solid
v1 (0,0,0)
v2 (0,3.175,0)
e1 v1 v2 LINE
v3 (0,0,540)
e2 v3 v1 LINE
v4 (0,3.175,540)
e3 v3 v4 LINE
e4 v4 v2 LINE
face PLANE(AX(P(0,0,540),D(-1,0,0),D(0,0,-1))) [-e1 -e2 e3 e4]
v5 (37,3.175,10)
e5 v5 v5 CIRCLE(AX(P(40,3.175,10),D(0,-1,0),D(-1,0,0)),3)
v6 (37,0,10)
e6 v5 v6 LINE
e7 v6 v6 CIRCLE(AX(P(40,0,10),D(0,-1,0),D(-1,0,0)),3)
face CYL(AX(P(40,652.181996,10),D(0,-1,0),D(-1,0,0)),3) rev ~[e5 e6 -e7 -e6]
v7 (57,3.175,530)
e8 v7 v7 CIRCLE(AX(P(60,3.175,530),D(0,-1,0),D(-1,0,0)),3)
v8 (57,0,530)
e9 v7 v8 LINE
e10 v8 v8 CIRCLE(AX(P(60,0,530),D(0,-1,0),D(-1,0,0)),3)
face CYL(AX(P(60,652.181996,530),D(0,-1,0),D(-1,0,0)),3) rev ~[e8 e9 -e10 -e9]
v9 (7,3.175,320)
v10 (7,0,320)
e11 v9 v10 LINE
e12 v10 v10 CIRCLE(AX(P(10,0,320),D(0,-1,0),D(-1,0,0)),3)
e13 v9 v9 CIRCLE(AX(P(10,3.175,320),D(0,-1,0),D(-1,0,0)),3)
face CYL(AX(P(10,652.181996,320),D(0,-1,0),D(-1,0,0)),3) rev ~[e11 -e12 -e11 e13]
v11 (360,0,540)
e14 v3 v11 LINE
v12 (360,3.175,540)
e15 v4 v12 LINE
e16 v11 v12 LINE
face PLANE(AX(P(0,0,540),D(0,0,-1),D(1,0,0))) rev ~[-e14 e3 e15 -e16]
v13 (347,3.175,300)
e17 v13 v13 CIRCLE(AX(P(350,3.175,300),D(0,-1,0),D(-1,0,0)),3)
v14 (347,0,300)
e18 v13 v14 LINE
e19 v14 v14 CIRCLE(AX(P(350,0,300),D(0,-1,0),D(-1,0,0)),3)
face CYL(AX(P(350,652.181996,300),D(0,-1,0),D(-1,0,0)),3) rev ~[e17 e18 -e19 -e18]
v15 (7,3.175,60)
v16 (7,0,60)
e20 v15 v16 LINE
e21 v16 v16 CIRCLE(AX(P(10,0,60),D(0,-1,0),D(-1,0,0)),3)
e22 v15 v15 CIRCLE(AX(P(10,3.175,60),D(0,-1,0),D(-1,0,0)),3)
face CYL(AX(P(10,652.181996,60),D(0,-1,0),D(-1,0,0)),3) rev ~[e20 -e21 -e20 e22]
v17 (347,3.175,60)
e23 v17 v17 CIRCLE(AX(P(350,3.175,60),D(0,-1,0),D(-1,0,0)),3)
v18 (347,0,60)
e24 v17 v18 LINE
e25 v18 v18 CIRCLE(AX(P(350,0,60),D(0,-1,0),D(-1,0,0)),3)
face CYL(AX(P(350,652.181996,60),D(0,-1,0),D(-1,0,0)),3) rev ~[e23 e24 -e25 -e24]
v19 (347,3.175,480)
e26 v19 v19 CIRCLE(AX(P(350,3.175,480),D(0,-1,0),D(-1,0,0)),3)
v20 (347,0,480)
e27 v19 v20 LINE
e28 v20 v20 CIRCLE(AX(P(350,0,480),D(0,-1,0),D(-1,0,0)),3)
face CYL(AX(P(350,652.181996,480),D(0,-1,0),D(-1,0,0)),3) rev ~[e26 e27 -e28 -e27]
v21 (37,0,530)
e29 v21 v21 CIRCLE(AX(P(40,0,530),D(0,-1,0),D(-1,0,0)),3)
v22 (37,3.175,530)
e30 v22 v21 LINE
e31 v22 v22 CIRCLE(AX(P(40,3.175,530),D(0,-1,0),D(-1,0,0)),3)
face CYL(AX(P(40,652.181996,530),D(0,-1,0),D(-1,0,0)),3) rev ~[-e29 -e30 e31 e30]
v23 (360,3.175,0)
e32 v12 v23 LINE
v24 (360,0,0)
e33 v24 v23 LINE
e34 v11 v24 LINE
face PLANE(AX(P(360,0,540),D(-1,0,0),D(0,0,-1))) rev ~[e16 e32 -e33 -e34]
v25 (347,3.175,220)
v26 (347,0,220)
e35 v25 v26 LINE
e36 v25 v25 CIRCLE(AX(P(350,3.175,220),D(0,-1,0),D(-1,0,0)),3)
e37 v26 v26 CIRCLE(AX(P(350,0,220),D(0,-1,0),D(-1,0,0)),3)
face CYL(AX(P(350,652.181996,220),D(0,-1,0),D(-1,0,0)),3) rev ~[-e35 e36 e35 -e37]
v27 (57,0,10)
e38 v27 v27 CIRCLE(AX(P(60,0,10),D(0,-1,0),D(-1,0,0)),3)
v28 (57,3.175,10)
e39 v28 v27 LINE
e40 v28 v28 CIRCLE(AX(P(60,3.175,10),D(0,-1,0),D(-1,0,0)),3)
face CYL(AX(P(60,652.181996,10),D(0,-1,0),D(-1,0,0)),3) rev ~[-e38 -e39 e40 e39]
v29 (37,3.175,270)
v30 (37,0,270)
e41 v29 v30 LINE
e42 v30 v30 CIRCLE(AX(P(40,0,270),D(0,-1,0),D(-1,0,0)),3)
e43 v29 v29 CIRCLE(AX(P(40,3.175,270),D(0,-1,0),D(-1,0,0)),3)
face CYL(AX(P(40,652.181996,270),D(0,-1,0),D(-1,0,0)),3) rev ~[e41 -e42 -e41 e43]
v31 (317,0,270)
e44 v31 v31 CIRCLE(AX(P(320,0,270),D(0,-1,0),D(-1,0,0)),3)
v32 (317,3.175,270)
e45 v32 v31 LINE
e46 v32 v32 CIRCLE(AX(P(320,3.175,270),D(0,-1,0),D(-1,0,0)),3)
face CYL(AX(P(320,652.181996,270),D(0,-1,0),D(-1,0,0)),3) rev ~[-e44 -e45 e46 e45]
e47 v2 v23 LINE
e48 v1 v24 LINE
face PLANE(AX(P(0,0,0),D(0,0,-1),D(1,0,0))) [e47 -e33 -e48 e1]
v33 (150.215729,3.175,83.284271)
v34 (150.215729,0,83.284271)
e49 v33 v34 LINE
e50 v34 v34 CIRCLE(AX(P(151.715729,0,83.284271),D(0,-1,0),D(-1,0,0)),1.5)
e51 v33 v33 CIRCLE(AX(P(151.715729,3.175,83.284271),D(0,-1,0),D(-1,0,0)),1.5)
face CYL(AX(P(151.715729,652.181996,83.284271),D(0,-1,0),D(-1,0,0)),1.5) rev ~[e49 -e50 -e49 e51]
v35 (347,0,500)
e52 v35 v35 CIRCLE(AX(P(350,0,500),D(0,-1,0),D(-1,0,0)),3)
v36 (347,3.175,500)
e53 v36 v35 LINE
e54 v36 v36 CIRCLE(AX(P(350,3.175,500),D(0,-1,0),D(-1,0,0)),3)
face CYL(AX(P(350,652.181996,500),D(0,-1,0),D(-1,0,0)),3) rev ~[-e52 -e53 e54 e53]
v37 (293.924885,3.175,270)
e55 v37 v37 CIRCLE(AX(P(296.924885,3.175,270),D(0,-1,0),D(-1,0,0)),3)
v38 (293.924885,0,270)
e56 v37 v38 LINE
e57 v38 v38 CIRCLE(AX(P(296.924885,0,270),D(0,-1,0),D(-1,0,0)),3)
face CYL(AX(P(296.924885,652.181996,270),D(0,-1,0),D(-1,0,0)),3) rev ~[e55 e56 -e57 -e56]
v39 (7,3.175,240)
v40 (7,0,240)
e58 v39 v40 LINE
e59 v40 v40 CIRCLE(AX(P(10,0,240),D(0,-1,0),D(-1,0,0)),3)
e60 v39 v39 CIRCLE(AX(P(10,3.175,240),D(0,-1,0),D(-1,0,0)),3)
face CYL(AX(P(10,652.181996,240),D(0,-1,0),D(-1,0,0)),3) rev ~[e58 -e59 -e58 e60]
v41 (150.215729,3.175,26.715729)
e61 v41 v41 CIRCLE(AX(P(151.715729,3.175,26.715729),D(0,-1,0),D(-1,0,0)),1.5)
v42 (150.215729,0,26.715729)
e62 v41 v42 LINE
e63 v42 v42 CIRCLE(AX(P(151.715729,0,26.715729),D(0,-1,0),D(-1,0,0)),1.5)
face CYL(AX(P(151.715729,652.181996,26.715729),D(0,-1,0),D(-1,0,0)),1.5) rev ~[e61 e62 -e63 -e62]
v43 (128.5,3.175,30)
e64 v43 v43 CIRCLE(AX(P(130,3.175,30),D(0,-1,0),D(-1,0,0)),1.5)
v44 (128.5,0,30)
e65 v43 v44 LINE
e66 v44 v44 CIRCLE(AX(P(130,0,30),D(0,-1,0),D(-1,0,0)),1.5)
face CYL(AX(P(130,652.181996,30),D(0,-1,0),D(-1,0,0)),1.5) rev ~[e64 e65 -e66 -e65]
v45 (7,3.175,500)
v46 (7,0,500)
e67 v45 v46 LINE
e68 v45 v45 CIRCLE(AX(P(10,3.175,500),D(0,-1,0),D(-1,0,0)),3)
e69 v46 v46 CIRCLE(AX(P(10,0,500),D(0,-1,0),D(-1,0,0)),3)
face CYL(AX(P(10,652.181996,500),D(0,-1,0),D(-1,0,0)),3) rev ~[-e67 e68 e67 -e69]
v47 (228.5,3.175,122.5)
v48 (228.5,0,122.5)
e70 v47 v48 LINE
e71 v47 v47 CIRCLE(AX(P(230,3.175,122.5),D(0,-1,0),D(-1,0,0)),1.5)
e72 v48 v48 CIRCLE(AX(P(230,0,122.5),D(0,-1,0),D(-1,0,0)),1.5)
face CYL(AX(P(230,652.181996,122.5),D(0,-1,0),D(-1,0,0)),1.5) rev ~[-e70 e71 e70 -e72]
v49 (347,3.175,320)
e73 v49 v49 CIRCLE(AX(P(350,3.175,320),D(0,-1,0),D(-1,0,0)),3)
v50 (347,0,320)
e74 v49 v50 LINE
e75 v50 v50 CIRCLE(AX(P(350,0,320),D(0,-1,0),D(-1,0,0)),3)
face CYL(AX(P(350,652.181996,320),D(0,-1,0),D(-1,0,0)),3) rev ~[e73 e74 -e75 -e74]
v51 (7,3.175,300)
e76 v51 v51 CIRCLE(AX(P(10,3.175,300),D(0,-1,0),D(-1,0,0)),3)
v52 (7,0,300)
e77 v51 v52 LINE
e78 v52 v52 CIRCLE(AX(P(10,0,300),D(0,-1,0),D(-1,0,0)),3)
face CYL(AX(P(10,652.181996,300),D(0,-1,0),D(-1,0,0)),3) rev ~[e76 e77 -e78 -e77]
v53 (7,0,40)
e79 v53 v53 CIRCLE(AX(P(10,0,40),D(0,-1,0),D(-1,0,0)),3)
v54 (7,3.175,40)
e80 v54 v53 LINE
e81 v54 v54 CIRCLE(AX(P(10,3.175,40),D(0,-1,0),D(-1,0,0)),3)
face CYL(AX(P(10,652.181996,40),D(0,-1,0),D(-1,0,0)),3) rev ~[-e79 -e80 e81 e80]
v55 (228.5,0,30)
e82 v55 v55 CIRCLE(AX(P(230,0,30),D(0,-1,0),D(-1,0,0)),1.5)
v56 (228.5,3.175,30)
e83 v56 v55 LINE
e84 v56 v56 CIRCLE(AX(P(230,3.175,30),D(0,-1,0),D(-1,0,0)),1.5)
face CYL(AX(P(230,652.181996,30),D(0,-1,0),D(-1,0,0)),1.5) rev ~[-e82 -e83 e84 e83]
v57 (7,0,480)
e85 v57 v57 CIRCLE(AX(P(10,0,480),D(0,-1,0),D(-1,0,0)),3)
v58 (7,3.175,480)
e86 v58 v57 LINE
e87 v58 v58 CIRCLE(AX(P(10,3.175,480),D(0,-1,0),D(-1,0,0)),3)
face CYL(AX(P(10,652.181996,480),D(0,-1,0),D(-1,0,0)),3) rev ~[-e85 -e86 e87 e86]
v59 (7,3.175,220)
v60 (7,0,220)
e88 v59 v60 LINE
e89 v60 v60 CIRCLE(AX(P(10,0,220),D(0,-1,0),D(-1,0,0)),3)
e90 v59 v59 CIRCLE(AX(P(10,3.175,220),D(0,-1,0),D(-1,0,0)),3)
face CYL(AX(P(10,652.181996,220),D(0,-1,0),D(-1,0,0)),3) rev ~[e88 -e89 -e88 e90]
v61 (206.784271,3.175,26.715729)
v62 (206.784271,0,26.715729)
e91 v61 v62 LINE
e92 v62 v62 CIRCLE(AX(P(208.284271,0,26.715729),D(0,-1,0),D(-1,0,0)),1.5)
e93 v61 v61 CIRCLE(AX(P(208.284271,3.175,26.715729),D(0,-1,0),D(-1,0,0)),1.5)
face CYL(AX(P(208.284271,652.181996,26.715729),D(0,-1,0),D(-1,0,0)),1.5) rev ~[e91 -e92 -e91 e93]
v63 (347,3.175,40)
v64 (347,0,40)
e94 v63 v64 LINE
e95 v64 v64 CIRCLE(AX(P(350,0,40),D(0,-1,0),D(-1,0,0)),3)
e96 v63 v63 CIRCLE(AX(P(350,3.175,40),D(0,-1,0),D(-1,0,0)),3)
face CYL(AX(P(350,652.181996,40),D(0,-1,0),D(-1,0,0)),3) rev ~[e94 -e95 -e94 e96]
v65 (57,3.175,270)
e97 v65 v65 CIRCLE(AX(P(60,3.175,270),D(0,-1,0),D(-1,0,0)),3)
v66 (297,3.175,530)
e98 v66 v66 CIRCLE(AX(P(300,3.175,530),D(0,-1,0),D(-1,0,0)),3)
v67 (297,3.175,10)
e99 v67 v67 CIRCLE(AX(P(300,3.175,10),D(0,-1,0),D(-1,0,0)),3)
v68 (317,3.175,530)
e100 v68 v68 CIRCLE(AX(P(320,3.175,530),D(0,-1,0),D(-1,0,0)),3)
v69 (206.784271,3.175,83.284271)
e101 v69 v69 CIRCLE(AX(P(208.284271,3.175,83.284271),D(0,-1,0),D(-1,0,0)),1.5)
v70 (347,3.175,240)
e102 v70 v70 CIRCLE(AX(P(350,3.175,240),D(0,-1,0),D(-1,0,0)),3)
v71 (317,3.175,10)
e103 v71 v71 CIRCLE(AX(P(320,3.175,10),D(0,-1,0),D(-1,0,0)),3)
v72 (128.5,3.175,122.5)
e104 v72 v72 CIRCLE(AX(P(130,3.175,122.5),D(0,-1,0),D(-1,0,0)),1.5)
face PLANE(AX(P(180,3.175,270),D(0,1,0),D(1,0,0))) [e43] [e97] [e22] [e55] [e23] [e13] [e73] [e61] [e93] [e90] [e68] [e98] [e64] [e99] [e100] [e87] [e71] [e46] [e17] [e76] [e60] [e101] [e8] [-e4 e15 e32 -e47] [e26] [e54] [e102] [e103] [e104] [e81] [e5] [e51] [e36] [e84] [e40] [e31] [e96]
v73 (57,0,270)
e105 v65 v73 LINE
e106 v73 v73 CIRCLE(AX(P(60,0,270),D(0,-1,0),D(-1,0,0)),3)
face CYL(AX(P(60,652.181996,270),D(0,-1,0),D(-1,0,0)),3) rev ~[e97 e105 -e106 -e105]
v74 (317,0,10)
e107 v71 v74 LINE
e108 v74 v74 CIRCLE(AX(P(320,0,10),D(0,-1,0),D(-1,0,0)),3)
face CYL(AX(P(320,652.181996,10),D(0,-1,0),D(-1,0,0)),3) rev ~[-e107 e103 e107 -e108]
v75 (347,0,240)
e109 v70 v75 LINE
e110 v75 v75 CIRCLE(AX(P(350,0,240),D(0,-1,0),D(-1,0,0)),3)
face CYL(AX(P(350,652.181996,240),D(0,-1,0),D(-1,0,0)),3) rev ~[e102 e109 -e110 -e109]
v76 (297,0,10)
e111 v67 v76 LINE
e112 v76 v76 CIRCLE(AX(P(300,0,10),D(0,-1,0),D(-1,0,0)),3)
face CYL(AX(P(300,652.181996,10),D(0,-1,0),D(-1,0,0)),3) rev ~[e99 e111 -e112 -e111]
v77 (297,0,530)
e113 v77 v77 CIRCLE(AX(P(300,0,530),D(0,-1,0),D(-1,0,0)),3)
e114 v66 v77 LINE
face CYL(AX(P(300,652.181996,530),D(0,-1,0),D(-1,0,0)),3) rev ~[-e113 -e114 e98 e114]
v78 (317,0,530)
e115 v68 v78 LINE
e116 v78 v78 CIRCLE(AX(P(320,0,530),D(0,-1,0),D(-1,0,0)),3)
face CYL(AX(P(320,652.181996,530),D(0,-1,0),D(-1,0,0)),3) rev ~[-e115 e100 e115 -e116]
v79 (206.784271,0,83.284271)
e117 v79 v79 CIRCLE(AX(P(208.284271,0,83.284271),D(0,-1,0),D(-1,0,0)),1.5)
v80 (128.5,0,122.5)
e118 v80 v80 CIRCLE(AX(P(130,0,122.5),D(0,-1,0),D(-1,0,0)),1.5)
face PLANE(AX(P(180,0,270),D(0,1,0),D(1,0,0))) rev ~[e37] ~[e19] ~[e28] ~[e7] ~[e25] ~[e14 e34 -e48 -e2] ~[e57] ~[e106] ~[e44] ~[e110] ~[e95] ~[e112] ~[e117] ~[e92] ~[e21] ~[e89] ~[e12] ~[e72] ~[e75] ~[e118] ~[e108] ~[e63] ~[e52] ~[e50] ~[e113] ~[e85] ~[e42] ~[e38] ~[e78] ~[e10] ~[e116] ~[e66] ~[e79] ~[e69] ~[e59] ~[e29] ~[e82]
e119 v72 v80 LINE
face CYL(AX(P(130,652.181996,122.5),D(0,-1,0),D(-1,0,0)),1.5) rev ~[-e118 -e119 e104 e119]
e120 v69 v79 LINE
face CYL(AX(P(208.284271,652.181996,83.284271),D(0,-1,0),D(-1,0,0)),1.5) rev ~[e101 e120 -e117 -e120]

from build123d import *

# Parameters (mm, degrees)
SKETCH1_W             = 360
SKETCH1_H             = 540
BOSS_EXTRUDE1_DEPTH   = 3.175
F_3_0MM_DOWEL_HOLE1_D = 3
F_6_0MM_DOWEL_HOLE2_D = 6


with BuildPart() as part:
    # Sketch1 → Boss-Extrude1 (new body)
    with BuildSketch(Plane(origin=(0, 0, 0), x_dir=(1, 0, 0), z_dir=(0, 1, 0))):
        with Locations((180, -270)):
            Rectangle(SKETCH1_W, SKETCH1_H)
    extrude(amount=BOSS_EXTRUDE1_DEPTH)

    # Ø3.0mm Dowel Hole1 (through all)
    with Locations(Plane(origin=(0, 3.175, 0), x_dir=(1, 0, 0), z_dir=(0, 1, 0))):
        with Locations((151.715728753, -26.715728753), (208.284271247, -26.715728753), (208.284271247, -83.284271247), (151.715728753, -83.284271247), (130, -122.5), (230, -122.5), (230, -30), (130, -30)):
            Hole(F_3_0MM_DOWEL_HOLE1_D / 2)

    # Ø6.0mm Dowel Hole2 (through all)
    with Locations(Plane(origin=(0, 3.175, 0), x_dir=(1, 0, 0), z_dir=(0, 1, 0))):
        with Locations((10, -500), (40, -270), (10, -220), (40, -530), (320, -530), (350, -500), (10, -300), (10, -240), (320, -270), (350, -40), (320, -10), (40, -10), (10, -40), (60, -270), (10, -320), (10, -60), (60, -10), (300, -10), (350, -60), (350, -220), (350, -240), (296.924884631, -270), (350, -300), (350, -320), (350, -480), (300, -530), (10, -480), (60, -530)):
            Hole(F_6_0MM_DOWEL_HOLE2_D / 2)


solid = part.part
